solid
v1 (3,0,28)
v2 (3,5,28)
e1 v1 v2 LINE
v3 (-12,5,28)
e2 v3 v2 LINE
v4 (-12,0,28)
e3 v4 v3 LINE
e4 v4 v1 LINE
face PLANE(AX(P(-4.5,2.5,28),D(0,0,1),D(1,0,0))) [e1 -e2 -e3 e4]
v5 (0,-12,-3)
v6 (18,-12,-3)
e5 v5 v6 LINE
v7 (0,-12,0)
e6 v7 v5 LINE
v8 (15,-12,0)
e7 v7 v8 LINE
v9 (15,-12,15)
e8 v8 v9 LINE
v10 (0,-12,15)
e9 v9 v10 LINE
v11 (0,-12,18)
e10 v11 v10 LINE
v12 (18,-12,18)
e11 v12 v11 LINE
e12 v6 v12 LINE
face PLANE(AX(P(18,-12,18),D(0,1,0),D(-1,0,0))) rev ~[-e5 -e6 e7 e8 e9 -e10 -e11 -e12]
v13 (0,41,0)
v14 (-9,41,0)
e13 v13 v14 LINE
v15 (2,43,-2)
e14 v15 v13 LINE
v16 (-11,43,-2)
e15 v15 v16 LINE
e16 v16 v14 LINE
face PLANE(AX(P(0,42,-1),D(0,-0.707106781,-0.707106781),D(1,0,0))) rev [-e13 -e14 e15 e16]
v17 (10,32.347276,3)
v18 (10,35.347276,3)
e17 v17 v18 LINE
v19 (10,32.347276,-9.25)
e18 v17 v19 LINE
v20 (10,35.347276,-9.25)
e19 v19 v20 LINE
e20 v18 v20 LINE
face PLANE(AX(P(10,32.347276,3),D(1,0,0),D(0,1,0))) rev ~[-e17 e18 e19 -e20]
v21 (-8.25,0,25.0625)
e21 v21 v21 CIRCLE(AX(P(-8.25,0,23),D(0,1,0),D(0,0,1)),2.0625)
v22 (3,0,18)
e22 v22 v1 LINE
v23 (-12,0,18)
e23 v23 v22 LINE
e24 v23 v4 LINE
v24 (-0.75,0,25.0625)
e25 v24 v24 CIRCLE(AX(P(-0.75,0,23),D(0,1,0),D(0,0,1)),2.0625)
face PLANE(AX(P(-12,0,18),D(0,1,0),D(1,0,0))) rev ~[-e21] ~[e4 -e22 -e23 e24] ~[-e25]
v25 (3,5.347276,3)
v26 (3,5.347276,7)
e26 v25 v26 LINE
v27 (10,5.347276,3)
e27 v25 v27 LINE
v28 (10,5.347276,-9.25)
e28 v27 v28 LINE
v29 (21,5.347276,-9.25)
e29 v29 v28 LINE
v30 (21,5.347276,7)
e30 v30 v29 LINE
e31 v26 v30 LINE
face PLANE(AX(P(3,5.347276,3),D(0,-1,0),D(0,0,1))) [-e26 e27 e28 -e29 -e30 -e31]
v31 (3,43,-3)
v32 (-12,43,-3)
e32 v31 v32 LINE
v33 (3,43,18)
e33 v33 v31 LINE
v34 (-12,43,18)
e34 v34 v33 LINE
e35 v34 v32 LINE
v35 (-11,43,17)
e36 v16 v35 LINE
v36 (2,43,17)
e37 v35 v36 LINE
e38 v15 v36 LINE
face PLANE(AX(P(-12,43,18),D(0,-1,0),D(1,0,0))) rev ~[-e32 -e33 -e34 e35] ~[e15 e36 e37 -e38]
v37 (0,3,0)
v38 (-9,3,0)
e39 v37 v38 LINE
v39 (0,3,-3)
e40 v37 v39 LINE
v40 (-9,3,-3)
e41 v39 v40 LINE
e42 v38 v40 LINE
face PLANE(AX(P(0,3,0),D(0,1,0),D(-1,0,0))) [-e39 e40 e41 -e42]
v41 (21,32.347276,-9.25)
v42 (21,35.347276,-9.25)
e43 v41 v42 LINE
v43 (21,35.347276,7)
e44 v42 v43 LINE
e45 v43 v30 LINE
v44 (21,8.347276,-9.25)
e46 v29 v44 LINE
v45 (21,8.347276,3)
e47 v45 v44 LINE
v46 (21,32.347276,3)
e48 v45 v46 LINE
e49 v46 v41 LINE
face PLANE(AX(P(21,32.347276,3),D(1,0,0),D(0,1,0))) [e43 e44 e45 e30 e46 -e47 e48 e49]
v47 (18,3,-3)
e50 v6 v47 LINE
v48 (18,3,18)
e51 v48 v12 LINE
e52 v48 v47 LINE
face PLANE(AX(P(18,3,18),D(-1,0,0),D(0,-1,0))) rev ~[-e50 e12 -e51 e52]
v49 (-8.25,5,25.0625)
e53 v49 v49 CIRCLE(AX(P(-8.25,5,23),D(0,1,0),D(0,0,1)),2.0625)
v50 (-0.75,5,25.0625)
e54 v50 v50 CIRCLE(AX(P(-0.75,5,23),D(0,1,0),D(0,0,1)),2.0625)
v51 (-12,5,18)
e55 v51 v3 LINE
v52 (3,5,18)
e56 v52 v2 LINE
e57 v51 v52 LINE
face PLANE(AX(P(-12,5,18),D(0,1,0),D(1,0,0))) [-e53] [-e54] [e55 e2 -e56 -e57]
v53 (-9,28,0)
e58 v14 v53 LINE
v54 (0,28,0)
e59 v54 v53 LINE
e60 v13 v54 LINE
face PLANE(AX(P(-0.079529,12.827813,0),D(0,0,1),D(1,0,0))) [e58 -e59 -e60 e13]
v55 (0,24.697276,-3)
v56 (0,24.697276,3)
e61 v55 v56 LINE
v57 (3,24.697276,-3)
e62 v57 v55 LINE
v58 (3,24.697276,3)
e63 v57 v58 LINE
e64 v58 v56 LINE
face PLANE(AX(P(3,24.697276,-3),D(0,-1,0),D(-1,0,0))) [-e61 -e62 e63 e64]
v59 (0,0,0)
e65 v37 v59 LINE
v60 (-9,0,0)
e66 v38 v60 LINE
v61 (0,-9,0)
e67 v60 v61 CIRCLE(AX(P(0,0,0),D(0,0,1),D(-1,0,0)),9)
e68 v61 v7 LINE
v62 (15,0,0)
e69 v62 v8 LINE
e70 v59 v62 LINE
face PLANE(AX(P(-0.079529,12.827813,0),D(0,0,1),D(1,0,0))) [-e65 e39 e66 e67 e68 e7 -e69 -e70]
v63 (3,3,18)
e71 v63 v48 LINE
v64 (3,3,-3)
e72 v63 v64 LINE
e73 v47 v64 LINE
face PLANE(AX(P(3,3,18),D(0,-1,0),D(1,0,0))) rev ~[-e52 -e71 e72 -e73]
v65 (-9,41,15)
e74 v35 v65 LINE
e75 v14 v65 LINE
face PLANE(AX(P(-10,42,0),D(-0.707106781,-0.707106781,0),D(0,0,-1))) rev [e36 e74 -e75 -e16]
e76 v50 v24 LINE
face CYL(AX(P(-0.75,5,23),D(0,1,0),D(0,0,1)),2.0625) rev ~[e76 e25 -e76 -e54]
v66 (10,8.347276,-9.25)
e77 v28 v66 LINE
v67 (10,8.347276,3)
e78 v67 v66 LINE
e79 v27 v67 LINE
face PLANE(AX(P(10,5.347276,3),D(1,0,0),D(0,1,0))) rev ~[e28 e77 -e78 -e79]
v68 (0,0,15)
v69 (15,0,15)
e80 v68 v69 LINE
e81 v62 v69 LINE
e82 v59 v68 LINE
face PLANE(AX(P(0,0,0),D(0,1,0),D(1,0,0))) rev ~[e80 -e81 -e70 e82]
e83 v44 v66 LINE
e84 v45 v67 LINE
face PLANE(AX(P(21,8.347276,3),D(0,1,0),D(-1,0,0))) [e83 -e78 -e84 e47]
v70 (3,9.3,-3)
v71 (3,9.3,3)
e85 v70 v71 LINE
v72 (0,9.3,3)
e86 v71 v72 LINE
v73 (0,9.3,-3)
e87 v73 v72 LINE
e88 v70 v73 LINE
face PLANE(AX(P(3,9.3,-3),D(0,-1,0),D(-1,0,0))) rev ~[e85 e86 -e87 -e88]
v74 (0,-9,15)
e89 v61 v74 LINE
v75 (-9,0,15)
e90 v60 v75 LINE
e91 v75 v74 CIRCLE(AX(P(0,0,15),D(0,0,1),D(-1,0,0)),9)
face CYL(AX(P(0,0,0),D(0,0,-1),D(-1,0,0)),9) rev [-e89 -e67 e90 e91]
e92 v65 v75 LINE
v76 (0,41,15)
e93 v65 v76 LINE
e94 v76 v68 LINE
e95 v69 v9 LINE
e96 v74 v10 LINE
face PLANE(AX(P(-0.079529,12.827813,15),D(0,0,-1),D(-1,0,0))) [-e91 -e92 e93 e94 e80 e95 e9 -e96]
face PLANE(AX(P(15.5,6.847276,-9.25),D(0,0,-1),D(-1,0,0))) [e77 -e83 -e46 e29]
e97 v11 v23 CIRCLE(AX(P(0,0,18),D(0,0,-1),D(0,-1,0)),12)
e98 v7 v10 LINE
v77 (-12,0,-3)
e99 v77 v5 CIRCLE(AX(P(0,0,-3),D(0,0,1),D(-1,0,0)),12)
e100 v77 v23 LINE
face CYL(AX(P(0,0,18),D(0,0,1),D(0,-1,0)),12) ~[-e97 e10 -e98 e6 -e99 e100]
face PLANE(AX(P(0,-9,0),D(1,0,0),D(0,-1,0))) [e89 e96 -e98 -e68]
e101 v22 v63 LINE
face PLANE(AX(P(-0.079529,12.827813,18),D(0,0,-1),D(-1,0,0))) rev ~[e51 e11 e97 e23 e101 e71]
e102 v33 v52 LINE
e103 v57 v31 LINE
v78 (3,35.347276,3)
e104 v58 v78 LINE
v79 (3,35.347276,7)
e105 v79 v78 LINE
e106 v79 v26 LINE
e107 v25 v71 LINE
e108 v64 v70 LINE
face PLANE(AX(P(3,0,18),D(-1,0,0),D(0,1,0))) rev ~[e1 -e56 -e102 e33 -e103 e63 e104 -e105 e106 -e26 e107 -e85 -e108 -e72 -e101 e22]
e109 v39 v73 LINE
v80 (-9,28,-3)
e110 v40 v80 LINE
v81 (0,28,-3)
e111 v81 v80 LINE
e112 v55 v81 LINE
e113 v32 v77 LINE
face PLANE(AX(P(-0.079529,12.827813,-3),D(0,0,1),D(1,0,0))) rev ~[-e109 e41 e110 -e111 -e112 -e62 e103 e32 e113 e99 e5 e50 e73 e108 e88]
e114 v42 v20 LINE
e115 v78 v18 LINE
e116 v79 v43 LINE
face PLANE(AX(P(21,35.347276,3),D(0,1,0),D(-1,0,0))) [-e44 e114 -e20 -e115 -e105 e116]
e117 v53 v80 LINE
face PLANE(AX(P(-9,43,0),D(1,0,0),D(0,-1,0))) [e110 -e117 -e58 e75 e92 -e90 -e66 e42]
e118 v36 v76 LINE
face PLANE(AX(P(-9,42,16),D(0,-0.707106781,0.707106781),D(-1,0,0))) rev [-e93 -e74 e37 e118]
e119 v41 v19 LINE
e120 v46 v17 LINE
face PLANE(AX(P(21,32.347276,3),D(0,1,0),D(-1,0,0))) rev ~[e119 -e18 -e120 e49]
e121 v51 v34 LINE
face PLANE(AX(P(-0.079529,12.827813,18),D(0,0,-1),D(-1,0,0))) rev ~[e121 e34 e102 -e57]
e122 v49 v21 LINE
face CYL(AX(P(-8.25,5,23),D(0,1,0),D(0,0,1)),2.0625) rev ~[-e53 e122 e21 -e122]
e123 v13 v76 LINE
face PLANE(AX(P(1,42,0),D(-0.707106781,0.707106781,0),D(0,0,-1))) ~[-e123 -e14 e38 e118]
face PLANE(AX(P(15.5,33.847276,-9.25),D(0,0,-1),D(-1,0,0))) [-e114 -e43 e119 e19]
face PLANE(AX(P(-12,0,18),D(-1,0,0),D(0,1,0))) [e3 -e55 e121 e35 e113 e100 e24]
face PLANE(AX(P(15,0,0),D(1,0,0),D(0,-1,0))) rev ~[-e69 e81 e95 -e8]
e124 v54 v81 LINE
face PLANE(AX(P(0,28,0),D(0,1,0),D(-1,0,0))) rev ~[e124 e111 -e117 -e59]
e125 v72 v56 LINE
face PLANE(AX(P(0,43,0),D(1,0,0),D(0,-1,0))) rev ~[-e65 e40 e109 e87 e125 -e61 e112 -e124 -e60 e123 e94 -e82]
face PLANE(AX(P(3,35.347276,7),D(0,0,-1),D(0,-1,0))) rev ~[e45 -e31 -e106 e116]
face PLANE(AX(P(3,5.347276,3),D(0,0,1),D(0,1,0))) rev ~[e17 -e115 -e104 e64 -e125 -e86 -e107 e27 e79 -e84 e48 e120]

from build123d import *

# Parameters (mm, degrees)
BOSS_EXTRUDE1_DEPTH   = 15
BOSS_EXTRUDE1_2_DEPTH = 15
SKETCH2_W             = 9
SKETCH2_H             = 25
BOSS_EXTRUDE2_DEPTH   = 3
BOSS_EXTRUDE3_START   = 3
BOSS_EXTRUDE3_DEPTH   = 3
SKETCH4_W             = 3
SKETCH4_H             = 15.397275821
CUT_EXTRUDE1_DEPTH    = 6
BOSS_EXTRUDE4_DEPTH   = 18
SKETCH7_W             = 11
SKETCH7_H             = 3
BOSS_EXTRUDE5_DEPTH   = 12.25
CHAMFER1_SIZE         = 2
SKETCH8_W             = 15
SKETCH8_H             = 5
BOSS_EXTRUDE6_DEPTH   = 10
SKETCH9_R             = 2.0625
CUT_EXTRUDE2_DEPTH    = 52.662365412


with BuildPart() as part:
    # Sketch1 → Boss-Extrude1 (new body)
    with BuildSketch(Plane.XY):
        Polygon((0, 43), (0, 0), (15, 0), (15, -12), (18, -12), (18, 3), (3, 3), (3, 43), align=None)
    extrude(amount=BOSS_EXTRUDE1_DEPTH)



with BuildPart() as body_2:
    # Sketch1 → Boss-Extrude1 2 (new body)
    with BuildSketch(Plane.XY):
        with BuildLine():
            Line((0, -9), (0, -12))
            ThreePointArc((0, -12), (-8.485281374, -8.485281374), (-12, 0))
            Line((-12, 0), (-12, 43))
            Line((-12, 43), (-9, 43))
            Line((-9, 43), (-9, 0))
            ThreePointArc((-9, 0), (-6.363961031, -6.363961031), (0, -9))
        make_face()
    extrude(amount=BOSS_EXTRUDE1_2_DEPTH)


with BuildPart() as part_1:
    add(part.part)

    add(body_2.part)  # Boss-Extrude2 merges body 2
    # Sketch2 → Boss-Extrude2 (add)
    with BuildSketch(Plane(origin=(0, 0, 0), x_dir=(-1, 0, 0), z_dir=(0, 0, -1))):
        with BuildLine():
            Line((-3, 43), (12, 43))
            Line((12, 43), (12, 0))
            ThreePointArc((12, 0), (8.485281374, -8.485281374), (0, -12))
            Line((0, -12), (-18, -12))
            Line((-18, -12), (-18, 3))
            Line((-18, 3), (-3, 3))
            Line((-3, 3), (-3, 43))
        make_face()
        with Locations((4.5, 15.5)):
            Rectangle(SKETCH2_W, SKETCH2_H, mode=Mode.SUBTRACT)
    extrude(amount=BOSS_EXTRUDE2_DEPTH)

    # Sketch3 → Boss-Extrude3 (add)
    with BuildSketch(Plane.XY.offset(15).offset(BOSS_EXTRUDE3_START)):
        with BuildLine():
            Line((-12, 0), (-12, 43))
            Line((-12, 43), (3, 43))
            Line((3, 43), (3, 3))
            Line((3, 3), (18, 3))
            Line((18, 3), (18, -12))
            Line((18, -12), (0, -12))
            ThreePointArc((0, -12), (-8.485281374, -8.485281374), (-12, 0))
        make_face()
    extrude(amount=-BOSS_EXTRUDE3_DEPTH)

    # Sketch4 → Cut-Extrude1 (cut)
    with BuildSketch(Plane(origin=(0, 0, -3), x_dir=(-1, 0, 0), z_dir=(0, 0, -1))):
        with Locations((-1.5, 16.998637911)):
            Rectangle(SKETCH4_W, SKETCH4_H)
    extrude(amount=-CUT_EXTRUDE1_DEPTH, mode=Mode.SUBTRACT)

    # Sketch5 → Boss-Extrude4 (add)
    with BuildSketch(Plane(origin=(3, 0, 0), x_dir=(0, 0, -1), z_dir=(1, 0, 0))):
        Polygon((-3, 32.347275821), (-3, 8.347275821), (-3, 5.347275821), (-7, 5.347275821), (-7, 8.347275821), (-7, 32.347275821), (-7, 35.347275821), (-3, 35.347275821), align=None)
    extrude(amount=BOSS_EXTRUDE4_DEPTH)

    # Sketch7 → Boss-Extrude5 (add)
    with BuildSketch(Plane(origin=(0, 0, 3), x_dir=(-1, 0, 0), z_dir=(0, 0, -1))):
        with Locations((-15.5, 33.847275821)):
            Rectangle(SKETCH7_W, SKETCH7_H)
        with Locations((-15.5, 6.847275821)):
            Rectangle(SKETCH7_W, SKETCH7_H)
    extrude(amount=BOSS_EXTRUDE5_DEPTH)

    # Chamfer1
    chamfer1_edges = [part_1.edges().sort_by_distance(p)[0] for p in [
        (0, 43, 7.5),
        (-4.5, 43, 0),
        (-9, 43, 7.5),
        (-4.5, 43, 15),
    ]]
    chamfer(chamfer1_edges, length=CHAMFER1_SIZE)

    # Sketch8 → Boss-Extrude6 (add)
    with BuildSketch(Plane.XY.offset(18)):
        with Locations((-4.5, 2.5)):
            Rectangle(SKETCH8_W, SKETCH8_H)
    extrude(amount=BOSS_EXTRUDE6_DEPTH)

    # Sketch9 → Cut-Extrude2 (cut, through all)
    with BuildSketch(Plane(origin=(0, 5, 0), x_dir=(1, 0, 0), z_dir=(0, 1, 0))):
        with Locations(Location((-8.25, -23, 0), (0, 0, 270))):
            Circle(SKETCH9_R)
        with Locations(Location((-0.75, -23, 0), (0, 0, 270))):
            Circle(SKETCH9_R)
    extrude(amount=-CUT_EXTRUDE2_DEPTH, mode=Mode.SUBTRACT)


solid = part_1.part
